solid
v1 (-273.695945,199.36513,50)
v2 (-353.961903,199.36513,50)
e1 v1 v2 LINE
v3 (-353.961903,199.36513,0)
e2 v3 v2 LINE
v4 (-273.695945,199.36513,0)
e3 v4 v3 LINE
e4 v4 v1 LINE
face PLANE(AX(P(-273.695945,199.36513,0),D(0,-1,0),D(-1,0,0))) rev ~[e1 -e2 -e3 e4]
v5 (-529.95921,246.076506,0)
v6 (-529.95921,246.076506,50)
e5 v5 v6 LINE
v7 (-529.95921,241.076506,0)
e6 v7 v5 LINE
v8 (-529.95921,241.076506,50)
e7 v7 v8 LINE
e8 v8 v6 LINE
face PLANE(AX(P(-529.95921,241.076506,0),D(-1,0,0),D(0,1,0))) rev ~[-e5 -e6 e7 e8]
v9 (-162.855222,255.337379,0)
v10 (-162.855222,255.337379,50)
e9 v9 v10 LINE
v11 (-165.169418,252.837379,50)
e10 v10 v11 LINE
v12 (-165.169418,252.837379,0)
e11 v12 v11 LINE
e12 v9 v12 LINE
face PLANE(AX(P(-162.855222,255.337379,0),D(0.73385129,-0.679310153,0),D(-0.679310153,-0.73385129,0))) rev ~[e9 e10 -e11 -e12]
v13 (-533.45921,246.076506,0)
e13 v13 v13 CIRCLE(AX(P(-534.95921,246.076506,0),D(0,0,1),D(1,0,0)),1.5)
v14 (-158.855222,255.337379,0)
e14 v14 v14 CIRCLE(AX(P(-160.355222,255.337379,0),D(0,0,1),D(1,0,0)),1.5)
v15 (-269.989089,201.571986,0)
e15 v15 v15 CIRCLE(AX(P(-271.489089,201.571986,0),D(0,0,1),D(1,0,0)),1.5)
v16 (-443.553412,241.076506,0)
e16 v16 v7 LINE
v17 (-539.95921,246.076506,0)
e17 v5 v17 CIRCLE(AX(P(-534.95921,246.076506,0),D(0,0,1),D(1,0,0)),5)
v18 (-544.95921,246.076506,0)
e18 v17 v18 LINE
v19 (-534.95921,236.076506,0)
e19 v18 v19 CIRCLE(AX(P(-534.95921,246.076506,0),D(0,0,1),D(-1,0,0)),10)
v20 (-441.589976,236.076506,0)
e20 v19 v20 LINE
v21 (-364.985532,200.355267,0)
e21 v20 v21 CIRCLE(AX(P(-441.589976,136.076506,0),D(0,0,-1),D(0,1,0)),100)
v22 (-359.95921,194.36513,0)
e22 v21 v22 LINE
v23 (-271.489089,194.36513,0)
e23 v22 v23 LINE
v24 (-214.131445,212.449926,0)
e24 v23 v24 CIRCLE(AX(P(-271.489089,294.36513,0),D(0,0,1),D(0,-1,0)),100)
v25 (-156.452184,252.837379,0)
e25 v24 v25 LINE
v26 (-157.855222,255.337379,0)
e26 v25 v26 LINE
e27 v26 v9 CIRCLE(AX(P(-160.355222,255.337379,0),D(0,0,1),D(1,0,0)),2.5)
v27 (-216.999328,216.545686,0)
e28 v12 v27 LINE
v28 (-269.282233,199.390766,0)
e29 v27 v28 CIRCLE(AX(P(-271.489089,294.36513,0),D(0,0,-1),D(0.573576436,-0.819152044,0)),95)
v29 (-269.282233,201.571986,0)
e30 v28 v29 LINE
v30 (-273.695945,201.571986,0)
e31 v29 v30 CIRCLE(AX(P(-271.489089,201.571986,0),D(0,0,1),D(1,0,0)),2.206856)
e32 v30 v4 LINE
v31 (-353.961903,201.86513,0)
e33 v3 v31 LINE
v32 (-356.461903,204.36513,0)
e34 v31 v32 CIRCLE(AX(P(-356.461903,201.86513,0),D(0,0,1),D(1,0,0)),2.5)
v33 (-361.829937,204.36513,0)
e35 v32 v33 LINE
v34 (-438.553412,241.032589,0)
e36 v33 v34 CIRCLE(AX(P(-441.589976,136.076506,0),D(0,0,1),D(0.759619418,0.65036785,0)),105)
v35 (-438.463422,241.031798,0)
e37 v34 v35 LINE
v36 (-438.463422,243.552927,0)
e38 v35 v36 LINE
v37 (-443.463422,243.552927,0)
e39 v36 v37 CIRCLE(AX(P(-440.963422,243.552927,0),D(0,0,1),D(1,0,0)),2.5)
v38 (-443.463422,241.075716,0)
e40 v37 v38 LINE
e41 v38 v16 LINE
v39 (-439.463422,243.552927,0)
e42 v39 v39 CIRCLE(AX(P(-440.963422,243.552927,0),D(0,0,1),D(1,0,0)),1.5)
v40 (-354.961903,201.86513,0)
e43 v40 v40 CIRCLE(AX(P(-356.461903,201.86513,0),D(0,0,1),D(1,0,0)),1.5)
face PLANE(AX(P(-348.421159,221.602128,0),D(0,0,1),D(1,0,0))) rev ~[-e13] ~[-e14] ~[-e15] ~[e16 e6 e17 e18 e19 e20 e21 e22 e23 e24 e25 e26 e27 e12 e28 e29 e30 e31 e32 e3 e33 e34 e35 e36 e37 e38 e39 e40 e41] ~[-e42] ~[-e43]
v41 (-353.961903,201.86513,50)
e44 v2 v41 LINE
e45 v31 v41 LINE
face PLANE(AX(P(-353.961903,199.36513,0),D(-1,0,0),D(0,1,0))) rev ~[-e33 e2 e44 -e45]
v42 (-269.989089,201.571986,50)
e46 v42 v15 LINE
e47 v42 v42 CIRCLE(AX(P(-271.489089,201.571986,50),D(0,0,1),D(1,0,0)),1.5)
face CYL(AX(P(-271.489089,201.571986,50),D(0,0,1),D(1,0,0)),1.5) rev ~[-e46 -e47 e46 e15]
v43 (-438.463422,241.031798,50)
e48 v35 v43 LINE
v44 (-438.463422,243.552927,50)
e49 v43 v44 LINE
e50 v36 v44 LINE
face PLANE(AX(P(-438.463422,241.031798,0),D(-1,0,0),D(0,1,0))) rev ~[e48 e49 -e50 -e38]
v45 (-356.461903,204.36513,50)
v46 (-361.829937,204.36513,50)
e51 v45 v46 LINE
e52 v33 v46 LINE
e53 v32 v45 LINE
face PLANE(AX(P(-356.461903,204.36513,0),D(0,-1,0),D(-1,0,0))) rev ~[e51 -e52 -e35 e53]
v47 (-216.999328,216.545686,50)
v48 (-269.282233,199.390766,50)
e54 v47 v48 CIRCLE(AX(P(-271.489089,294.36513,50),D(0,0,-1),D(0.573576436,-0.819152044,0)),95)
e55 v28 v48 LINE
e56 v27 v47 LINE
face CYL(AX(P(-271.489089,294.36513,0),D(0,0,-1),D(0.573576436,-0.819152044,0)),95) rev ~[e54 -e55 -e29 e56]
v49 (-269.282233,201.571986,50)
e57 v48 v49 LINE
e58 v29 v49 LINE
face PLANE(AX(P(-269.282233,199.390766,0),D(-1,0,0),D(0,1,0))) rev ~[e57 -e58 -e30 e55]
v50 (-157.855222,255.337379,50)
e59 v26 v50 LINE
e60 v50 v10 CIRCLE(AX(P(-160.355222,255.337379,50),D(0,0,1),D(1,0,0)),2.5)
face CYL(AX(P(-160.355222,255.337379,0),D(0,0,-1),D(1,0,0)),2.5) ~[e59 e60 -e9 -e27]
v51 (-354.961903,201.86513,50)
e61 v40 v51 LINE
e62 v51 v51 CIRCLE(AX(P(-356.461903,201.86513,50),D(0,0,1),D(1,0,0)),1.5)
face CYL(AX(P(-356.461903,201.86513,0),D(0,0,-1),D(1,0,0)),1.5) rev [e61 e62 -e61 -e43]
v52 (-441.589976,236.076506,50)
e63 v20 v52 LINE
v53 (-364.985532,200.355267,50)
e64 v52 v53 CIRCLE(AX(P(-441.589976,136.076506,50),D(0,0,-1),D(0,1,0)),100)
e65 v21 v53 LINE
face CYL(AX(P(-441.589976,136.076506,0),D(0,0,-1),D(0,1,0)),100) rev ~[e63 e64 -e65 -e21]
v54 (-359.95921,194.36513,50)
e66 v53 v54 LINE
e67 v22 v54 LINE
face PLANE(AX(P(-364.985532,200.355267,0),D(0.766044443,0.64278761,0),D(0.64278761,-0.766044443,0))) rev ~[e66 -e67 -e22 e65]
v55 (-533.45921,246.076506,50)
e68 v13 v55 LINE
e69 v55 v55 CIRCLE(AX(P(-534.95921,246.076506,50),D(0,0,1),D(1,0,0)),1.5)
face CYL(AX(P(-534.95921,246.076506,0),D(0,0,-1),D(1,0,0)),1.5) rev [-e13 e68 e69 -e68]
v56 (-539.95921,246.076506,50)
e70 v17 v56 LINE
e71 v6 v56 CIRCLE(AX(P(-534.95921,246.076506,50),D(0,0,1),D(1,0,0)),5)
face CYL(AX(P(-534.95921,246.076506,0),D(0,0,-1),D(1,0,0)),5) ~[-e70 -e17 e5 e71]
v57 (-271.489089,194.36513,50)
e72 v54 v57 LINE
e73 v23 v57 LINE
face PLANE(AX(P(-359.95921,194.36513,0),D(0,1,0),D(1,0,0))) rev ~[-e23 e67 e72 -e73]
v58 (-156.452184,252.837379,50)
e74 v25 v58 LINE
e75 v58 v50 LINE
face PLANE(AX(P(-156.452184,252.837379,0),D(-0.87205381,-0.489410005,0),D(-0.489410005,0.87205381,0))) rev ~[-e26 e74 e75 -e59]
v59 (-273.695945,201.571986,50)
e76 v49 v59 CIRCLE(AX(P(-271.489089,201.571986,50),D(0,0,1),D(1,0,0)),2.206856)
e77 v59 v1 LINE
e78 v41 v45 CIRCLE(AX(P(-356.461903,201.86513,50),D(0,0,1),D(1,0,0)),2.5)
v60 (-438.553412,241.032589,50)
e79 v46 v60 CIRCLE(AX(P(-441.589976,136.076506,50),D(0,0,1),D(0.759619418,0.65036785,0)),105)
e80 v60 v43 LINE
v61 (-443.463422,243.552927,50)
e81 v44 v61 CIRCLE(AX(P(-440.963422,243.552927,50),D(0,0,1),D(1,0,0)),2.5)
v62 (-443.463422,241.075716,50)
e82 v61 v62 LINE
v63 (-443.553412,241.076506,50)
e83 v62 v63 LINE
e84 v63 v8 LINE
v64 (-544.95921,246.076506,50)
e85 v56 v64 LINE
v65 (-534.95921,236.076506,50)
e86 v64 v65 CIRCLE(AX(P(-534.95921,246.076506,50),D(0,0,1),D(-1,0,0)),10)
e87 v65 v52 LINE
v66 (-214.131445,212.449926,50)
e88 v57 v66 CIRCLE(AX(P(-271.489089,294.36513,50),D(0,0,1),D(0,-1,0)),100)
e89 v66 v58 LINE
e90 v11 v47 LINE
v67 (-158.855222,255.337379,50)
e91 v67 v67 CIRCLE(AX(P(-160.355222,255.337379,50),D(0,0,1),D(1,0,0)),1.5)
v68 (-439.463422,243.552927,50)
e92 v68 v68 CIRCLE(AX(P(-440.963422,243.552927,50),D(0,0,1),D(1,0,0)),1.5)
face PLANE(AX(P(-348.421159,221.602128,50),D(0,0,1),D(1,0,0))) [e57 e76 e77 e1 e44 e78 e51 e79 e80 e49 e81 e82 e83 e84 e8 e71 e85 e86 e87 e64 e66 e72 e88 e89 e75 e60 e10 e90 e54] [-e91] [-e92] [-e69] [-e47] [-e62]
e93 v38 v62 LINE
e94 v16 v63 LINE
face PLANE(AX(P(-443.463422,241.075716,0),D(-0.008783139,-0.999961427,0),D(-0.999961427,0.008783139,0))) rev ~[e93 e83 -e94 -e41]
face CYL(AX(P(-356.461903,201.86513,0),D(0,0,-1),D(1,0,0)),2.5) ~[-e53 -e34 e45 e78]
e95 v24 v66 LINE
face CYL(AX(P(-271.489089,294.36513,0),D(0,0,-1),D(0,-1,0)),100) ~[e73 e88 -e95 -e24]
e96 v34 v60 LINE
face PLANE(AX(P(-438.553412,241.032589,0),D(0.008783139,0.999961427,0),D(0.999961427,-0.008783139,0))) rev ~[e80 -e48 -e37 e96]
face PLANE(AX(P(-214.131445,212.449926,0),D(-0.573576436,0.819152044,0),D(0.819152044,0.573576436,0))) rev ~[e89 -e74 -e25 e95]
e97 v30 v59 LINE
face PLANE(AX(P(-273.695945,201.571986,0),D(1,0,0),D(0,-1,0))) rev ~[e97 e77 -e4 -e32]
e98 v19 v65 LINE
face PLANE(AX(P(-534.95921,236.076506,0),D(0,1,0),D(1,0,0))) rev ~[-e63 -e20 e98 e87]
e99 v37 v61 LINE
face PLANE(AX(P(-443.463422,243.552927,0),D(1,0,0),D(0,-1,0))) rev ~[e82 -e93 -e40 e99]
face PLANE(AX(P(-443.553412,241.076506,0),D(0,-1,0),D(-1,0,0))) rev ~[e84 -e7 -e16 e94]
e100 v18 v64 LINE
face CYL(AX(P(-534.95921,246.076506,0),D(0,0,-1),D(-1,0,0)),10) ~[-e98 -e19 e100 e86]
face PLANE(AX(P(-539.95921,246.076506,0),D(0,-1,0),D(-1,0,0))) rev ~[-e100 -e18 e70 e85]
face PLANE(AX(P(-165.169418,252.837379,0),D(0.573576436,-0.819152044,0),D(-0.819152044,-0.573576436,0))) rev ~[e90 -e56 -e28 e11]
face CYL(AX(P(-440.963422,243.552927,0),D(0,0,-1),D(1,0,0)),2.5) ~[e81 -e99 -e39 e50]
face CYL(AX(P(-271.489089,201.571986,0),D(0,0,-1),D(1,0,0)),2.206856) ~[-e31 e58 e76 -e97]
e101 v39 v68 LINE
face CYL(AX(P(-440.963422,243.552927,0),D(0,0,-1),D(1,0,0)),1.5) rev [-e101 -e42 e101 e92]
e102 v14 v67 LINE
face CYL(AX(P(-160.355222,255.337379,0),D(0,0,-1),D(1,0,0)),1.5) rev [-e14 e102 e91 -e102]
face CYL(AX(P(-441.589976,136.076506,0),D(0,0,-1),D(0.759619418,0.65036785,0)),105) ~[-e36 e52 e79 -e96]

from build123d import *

# Parameters (mm, degrees)
SKETCH1_R           = 1.5
BOSS_EXTRUDE1_DEPTH = 50
SKETCH3_R           = 1.5
CUT_EXTRUDE1_DEPTH  = 50


with BuildPart() as part:
    # Sketch1 → Boss-Extrude1 (new body)
    with BuildSketch(Plane.XY):
        with BuildLine():
            ThreePointArc((-438.463421682, 243.552927072), (-440.963421682, 246.052927072), (-443.463421682, 243.552927072))
            Line((-443.463421682, 243.552927072), (-443.463421682, 241.075715503))
            Line((-443.463421682, 241.075715503), (-443.553411549, 241.076505927))
            Line((-443.553411549, 241.076505927), (-529.959210098, 241.076505927))
            Line((-529.959210098, 241.076505927), (-529.959210098, 246.076505927))
            ThreePointArc((-529.959210098, 246.076505927), (-534.959210098, 251.076505927), (-539.959210098, 246.076505927))
            Line((-539.959210098, 246.076505927), (-544.959210098, 246.076505927))
            ThreePointArc((-544.959210098, 246.076505927), (-542.030277909, 239.005438115), (-534.959210098, 236.076505927))
            Line((-534.959210098, 236.076505927), (-441.589975913, 236.076505927))
            ThreePointArc((-441.589975913, 236.076505927), (-399.328149739, 226.70728463), (-364.985531601, 200.355266895))
            Line((-364.985531601, 200.355266895), (-359.959210098, 194.365130186))
            Line((-359.959210098, 194.365130186), (-271.489088985, 194.365130186))
            ThreePointArc((-271.489088985, 194.365130186), (-241.418509035, 198.993435111), (-214.13144535, 212.449925757))
            Line((-214.13144535, 212.449925757), (-156.452183895, 252.837379426))
            Line((-156.452183895, 252.837379426), (-157.855222331, 255.337379426))
            ThreePointArc((-157.855222331, 255.337379426), (-160.355222331, 257.837379426), (-162.855222331, 255.337379426))
            Line((-162.855222331, 255.337379426), (-165.169417873, 252.837379426))
            Line((-165.169417873, 252.837379426), (-216.999327532, 216.545685979))
            ThreePointArc((-216.999327532, 216.545685979), (-241.871536557, 204.099961997), (-269.282233437, 199.390766337))
            Line((-269.282233437, 199.390766337), (-269.282233437, 201.571985734))
            ThreePointArc((-269.282233437, 201.571985734), (-271.489088985, 203.778841282), (-273.695944534, 201.571985734))
            Line((-273.695944534, 201.571985734), (-273.695944534, 199.365130186))
            Line((-273.695944534, 199.365130186), (-353.961902661, 199.365130186))
            Line((-353.961902661, 199.365130186), (-353.961902661, 201.865130186))
            ThreePointArc((-353.961902661, 201.865130186), (-354.694135708, 203.632897139), (-356.461902661, 204.365130186))
            Line((-356.461902661, 204.365130186), (-361.829937067, 204.365130186))
            ThreePointArc((-361.829937067, 204.365130186), (-396.313657586, 230.813272806), (-438.553411549, 241.032588537))
            Line((-438.553411549, 241.032588537), (-438.463421682, 241.031798113))
            Line((-438.463421682, 241.031798113), (-438.463421682, 243.552927072))
        make_face()
        with Locations((-440.963421682, 243.552927072)):
            Circle(SKETCH1_R, mode=Mode.SUBTRACT)
        with Locations((-534.959210098, 246.076505927)):
            Circle(SKETCH1_R, mode=Mode.SUBTRACT)
        with Locations((-160.355222331, 255.337379426)):
            Circle(SKETCH1_R, mode=Mode.SUBTRACT)
        with Locations((-356.461902661, 201.865130186)):
            Circle(SKETCH1_R, mode=Mode.SUBTRACT)
    extrude(amount=BOSS_EXTRUDE1_DEPTH)

    # Sketch3 → Cut-Extrude1 (cut)
    with BuildSketch(Plane.XY.offset(50)):
        with Locations((-271.489088985, 201.571985734)):
            Circle(SKETCH3_R)
    extrude(amount=-CUT_EXTRUDE1_DEPTH, mode=Mode.SUBTRACT)


solid = part.part
